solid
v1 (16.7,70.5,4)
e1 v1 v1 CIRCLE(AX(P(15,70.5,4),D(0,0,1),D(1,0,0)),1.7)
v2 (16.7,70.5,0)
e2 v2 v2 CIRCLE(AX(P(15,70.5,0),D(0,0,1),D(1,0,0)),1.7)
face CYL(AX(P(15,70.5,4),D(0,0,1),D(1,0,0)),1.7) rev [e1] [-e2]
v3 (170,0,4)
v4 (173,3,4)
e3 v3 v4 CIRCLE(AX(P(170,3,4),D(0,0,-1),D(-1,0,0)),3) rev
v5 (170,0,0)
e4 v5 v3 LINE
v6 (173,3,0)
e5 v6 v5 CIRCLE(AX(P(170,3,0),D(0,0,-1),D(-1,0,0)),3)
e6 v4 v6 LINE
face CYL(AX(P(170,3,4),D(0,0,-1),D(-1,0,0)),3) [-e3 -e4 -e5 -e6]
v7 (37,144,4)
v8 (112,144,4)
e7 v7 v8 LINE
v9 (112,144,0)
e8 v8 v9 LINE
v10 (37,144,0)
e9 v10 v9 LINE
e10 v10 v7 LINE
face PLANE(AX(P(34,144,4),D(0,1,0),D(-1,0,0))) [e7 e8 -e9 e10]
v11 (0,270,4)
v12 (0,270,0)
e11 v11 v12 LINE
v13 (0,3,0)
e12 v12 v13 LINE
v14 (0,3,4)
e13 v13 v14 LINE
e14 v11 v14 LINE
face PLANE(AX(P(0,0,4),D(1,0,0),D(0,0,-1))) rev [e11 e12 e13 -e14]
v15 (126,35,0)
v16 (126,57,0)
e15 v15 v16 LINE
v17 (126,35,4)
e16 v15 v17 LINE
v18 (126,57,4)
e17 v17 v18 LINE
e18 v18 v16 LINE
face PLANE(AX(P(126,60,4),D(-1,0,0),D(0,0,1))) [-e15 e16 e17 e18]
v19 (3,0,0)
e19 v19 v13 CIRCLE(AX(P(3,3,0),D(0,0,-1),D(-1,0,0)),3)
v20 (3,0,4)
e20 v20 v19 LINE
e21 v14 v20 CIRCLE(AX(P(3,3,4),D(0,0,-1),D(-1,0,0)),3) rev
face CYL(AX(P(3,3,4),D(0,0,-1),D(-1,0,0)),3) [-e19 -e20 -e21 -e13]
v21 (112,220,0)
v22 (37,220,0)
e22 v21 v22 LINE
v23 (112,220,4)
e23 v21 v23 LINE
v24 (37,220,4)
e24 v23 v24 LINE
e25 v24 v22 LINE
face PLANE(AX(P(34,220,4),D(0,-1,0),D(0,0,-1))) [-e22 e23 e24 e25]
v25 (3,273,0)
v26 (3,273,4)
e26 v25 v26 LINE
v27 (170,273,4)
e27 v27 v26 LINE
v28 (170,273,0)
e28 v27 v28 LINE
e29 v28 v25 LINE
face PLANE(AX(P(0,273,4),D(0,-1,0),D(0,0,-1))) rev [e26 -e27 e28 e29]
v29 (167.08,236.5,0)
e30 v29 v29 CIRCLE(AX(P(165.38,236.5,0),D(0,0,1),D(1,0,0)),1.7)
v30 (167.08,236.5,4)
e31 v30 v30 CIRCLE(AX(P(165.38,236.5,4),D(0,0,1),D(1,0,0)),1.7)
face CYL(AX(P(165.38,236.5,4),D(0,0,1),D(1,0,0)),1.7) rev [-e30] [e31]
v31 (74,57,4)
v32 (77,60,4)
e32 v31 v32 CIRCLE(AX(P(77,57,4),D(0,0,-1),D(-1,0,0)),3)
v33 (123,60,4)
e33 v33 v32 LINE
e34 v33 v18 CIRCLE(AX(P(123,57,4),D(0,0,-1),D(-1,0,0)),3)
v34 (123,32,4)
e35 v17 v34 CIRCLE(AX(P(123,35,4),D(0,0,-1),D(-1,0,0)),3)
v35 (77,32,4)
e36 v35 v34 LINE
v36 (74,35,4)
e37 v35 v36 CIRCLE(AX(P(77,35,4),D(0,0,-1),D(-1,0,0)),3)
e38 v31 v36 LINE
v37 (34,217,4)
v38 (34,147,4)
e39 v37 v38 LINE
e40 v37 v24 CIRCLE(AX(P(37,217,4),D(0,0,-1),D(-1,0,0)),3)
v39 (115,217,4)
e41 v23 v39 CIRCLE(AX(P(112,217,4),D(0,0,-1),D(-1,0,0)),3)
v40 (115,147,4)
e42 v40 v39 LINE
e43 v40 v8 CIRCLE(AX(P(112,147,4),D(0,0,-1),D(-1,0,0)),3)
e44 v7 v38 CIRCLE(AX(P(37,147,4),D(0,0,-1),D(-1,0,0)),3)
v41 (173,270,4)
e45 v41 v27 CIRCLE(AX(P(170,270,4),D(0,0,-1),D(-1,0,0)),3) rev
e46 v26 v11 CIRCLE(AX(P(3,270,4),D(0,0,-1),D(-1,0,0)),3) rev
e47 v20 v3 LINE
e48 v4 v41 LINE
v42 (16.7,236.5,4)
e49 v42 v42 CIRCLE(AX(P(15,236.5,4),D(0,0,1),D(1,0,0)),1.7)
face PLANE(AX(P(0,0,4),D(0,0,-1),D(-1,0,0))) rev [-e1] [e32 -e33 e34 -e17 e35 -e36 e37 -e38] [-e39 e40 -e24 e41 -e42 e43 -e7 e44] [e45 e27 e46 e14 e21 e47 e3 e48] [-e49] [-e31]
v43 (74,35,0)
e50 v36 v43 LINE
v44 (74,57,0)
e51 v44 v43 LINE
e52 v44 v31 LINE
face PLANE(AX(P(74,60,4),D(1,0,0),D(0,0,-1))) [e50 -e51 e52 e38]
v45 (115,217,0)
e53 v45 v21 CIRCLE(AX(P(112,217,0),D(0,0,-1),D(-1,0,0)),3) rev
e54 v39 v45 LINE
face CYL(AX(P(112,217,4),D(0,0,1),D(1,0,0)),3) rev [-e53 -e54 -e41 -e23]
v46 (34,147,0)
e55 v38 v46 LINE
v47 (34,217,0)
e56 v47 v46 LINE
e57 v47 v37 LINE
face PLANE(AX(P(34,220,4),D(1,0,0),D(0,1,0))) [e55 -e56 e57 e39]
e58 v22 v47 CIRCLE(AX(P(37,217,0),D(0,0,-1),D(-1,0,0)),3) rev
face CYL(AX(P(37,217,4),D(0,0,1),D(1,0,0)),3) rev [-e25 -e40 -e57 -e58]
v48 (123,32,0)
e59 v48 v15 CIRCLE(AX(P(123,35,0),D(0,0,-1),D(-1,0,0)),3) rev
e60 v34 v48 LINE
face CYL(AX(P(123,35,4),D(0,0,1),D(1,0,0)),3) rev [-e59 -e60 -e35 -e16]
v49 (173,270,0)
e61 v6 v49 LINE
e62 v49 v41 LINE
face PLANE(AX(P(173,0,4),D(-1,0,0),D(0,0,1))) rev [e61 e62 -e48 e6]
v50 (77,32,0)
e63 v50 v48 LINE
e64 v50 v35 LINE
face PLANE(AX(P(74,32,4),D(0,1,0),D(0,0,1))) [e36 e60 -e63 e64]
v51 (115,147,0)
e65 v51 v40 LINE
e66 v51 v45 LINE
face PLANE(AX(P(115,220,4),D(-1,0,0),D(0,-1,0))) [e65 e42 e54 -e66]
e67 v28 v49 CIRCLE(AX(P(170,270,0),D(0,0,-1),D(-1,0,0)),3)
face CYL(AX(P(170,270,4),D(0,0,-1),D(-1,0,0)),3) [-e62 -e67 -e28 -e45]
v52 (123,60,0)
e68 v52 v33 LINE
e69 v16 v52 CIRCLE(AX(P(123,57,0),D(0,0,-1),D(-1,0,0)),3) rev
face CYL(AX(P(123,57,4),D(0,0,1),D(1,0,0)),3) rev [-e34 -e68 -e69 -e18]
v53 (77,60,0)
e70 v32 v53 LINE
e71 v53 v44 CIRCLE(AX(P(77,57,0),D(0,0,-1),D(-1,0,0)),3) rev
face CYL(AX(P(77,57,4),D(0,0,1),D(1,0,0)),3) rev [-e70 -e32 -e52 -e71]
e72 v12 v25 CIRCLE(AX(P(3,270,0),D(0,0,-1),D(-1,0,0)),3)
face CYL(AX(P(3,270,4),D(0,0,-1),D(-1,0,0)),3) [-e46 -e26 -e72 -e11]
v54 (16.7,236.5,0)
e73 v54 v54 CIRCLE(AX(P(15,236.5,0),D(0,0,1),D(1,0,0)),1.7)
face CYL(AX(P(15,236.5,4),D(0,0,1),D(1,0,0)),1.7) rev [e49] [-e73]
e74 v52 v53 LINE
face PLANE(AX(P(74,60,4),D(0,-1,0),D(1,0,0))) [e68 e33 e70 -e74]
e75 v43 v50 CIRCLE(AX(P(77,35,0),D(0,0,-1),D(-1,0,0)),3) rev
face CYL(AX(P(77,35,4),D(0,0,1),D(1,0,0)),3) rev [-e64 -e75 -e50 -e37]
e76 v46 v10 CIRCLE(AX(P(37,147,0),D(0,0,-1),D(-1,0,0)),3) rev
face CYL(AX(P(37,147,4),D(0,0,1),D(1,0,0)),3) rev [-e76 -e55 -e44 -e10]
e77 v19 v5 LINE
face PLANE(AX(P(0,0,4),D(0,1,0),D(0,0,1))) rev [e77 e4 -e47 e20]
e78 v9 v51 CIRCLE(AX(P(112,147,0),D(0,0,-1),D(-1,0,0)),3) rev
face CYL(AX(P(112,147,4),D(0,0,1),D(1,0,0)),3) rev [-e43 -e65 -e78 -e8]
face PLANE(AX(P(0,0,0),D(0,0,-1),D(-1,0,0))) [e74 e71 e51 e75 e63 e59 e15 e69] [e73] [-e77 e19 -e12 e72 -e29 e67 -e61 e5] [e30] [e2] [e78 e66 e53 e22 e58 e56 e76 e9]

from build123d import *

# Parameters (mm, degrees)
ESQUISSE1_W        = 173
ESQUISSE1_H        = 273
ESQUISSE1_R        = 1.5
ESQUISSE1_W_2      = 52
ESQUISSE1_H_2      = 28
ESQUISSE1_W_3      = 81
ESQUISSE1_H_3      = 76
BOSS_EXTRU_1_DEPTH = 4
D_GAGEMENT_M31_D   = 3.4
CONG_1_R           = 3


with BuildPart() as part:
    # Esquisse1 → Boss.-Extru.1 (new body)
    with BuildSketch(Plane.XY):
        with Locations((86.5, 136.5)):
            Rectangle(ESQUISSE1_W, ESQUISSE1_H)
        with Locations((15, 236.5)):
            Circle(ESQUISSE1_R, mode=Mode.SUBTRACT)
        with Locations((165.38, 236.5)):
            Circle(ESQUISSE1_R, mode=Mode.SUBTRACT)
        with Locations((15, 70.5)):
            Circle(ESQUISSE1_R, mode=Mode.SUBTRACT)
        with Locations((100, 46)):
            Rectangle(ESQUISSE1_W_2, ESQUISSE1_H_2, mode=Mode.SUBTRACT)
        with Locations((74.5, 182)):
            Rectangle(ESQUISSE1_W_3, ESQUISSE1_H_3, mode=Mode.SUBTRACT)
    extrude(amount=BOSS_EXTRU_1_DEPTH)

    # Dégagement M31 (through all)
    with Locations(Plane.XY.offset(4)):
        with Locations((15, 236.5), (15, 70.5), (165.38, 236.5)):
            Hole(D_GAGEMENT_M31_D / 2)

    # Congé1
    cong_1_edges = [part.edges().sort_by_distance(p)[0] for p in [
        (74, 60, 2),
        (74, 32, 2),
        (126, 32, 2),
        (126, 60, 2),
        (34, 220, 2),
        (34, 144, 2),
        (115, 144, 2),
        (115, 220, 2),
        (0, 273, 2),
        (173, 273, 2),
        (173, 0, 2),
        (0, 0, 2),
    ]]
    fillet(cong_1_edges, radius=CONG_1_R)


solid = part.part
